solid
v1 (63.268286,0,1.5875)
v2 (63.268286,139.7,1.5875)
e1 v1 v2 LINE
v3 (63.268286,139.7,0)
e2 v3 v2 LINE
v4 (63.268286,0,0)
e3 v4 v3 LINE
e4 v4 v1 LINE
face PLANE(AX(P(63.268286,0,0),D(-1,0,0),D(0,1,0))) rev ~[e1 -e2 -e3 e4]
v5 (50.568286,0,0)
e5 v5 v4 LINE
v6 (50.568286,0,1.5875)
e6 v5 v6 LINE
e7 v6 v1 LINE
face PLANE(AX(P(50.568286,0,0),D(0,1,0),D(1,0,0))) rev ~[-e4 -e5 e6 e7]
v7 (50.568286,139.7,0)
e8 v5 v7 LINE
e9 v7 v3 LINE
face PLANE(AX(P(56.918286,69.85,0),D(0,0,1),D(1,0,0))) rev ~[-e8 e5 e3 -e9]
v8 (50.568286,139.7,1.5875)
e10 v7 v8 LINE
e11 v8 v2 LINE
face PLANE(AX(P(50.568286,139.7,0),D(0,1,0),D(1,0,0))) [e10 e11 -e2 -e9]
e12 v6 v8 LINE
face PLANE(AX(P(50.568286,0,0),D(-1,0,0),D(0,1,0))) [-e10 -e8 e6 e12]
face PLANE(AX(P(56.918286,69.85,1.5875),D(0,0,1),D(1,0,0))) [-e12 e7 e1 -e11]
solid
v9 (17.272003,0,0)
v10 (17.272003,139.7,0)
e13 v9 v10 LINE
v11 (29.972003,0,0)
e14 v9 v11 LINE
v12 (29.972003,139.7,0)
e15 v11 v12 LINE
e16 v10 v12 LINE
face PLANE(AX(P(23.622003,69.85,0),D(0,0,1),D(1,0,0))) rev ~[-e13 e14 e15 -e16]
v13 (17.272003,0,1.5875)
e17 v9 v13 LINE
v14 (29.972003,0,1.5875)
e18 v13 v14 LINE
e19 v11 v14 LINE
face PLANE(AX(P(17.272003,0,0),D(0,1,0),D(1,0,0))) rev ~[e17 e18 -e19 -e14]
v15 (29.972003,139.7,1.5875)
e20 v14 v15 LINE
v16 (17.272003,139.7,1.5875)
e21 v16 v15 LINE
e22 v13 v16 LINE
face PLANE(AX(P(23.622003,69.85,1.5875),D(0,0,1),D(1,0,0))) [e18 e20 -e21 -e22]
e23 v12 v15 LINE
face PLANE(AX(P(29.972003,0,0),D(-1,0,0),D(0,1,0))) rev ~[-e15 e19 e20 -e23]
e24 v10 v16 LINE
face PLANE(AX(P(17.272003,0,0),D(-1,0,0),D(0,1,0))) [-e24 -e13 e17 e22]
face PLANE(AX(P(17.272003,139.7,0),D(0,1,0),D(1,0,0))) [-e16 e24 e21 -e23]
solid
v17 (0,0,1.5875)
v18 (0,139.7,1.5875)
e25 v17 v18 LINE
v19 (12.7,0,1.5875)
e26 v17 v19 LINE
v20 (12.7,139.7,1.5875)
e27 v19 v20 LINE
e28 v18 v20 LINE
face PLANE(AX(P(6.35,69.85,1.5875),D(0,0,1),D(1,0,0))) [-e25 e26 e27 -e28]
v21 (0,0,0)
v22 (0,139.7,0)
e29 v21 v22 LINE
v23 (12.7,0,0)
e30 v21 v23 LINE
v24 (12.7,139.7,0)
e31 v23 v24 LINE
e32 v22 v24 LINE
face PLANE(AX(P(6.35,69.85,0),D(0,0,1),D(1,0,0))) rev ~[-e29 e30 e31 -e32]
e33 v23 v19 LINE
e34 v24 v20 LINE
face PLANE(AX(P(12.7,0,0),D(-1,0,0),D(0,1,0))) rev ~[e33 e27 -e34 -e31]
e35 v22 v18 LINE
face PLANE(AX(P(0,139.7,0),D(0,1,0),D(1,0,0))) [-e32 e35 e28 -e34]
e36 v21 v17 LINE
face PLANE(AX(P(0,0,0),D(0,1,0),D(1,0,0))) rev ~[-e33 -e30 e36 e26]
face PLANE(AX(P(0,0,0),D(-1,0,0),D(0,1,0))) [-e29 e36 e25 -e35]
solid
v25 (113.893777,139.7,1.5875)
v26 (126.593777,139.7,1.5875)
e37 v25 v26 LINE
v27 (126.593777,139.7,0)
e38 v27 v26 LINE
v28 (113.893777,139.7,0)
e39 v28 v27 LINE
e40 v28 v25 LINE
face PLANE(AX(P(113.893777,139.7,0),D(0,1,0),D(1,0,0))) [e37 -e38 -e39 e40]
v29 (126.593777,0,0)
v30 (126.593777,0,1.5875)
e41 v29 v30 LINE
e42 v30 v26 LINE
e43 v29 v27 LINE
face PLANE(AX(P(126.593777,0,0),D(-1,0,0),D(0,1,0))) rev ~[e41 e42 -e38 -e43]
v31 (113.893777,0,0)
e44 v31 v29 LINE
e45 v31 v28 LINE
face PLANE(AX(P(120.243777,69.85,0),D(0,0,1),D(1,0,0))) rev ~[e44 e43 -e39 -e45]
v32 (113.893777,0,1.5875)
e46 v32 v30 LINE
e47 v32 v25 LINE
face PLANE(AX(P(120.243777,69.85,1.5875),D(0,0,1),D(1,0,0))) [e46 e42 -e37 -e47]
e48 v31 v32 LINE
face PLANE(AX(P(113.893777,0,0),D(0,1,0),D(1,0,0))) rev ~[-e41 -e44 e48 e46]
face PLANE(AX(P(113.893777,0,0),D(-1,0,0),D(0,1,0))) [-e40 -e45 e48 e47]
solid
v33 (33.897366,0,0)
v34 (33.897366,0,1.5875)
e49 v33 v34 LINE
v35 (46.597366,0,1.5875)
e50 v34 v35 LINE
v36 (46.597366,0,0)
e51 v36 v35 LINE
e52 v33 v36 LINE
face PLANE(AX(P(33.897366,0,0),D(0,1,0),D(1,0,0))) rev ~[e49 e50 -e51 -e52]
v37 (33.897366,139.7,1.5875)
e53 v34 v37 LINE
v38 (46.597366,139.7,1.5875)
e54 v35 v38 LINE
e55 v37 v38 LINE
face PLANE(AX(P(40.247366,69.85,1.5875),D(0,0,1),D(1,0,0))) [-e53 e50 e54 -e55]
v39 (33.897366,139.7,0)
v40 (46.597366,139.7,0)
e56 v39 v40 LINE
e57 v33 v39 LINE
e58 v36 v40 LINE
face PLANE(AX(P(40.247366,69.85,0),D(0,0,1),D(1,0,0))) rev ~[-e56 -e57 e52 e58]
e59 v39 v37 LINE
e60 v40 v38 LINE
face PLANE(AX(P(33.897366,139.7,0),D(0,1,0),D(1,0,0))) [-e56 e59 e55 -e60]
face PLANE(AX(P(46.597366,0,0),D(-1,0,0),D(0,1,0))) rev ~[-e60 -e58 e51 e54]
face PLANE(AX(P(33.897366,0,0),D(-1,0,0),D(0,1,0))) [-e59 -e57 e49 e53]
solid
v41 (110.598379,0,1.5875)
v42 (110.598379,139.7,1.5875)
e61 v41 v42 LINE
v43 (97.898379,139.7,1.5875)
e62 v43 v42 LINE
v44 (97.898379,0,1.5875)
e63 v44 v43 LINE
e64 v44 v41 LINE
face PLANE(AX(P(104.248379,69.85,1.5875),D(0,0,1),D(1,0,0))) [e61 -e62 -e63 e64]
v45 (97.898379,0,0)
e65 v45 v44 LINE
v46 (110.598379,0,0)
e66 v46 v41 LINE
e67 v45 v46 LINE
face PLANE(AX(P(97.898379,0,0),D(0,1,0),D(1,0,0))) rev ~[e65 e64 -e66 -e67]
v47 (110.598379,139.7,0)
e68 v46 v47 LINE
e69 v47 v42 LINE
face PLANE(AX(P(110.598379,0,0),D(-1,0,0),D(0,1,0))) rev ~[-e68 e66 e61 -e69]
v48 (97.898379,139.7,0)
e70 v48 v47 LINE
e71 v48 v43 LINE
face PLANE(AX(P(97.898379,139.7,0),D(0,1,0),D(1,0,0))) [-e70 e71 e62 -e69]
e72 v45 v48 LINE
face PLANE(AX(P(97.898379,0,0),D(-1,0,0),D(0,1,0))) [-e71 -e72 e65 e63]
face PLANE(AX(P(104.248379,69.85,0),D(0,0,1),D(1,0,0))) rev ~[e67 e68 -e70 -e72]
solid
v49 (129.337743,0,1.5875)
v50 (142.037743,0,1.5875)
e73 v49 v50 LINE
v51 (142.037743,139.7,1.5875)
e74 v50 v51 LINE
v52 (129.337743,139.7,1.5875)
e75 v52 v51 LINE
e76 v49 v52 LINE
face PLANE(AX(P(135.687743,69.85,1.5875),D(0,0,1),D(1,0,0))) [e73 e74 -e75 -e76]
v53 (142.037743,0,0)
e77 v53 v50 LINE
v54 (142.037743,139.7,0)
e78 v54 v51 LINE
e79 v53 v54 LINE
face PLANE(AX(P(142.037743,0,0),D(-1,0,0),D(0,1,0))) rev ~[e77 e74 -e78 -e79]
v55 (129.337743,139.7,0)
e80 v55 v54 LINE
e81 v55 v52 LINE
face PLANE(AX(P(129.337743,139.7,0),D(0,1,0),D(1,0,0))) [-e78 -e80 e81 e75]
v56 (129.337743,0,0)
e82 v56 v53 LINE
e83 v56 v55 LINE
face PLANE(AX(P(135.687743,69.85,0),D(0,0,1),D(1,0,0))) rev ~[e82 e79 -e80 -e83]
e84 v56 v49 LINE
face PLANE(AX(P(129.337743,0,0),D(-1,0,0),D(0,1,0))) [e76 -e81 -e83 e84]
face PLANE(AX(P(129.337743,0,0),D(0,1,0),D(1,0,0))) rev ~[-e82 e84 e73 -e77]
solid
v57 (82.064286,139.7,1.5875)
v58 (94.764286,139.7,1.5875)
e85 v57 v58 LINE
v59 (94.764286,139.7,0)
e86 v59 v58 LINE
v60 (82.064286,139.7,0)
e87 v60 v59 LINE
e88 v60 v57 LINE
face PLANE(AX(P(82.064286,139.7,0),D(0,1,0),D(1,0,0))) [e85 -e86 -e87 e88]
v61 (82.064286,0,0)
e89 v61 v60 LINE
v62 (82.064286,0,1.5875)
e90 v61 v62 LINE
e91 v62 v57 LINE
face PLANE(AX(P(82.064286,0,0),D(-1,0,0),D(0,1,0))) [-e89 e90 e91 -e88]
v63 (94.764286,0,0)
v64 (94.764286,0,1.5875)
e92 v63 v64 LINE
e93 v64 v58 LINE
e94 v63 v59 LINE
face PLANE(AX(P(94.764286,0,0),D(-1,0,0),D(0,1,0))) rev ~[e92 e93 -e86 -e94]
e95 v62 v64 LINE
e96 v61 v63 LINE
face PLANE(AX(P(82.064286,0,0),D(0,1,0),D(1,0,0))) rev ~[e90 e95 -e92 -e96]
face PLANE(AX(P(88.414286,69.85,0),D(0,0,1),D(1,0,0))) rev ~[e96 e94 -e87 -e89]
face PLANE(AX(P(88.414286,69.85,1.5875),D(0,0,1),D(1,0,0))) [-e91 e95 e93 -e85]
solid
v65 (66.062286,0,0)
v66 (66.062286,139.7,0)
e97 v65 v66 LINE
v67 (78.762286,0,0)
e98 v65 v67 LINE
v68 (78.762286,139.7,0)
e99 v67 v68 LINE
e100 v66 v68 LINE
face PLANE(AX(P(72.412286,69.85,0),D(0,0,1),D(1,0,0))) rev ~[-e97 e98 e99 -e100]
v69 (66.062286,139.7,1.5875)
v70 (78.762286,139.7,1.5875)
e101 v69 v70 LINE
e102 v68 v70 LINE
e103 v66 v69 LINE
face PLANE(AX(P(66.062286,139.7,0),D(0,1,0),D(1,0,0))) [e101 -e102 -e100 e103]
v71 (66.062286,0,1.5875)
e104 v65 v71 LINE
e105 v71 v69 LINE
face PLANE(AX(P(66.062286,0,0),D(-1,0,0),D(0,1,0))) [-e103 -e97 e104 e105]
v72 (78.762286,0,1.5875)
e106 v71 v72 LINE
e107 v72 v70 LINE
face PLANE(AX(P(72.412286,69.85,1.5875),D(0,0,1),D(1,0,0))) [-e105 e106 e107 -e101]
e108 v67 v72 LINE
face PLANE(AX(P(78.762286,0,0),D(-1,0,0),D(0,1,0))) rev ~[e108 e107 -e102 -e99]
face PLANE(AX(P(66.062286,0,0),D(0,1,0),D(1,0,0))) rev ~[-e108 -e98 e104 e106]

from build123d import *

# Parameters (mm, degrees)
F0_W     = 12.7
F0_H     = 139.7
F1_DEPTH = 1.5875


with BuildPart() as f1:
    # F0 (on Top) → F1 (new body)
    with BuildSketch(Plane.XY):
        with Locations((6.35, 69.85)):
            Rectangle(F0_W, F0_H)
        with Locations((23.622003, 69.85)):
            Rectangle(F0_W, F0_H)
        with Locations((40.247366, 69.85)):
            Rectangle(F0_W, F0_H)
        with Locations((56.918286, 69.85)):
            Rectangle(F0_W, F0_H)
        with Locations((72.412286, 69.85)):
            Rectangle(F0_W, F0_H)
        with Locations((88.414286, 69.85)):
            Rectangle(F0_W, F0_H)
        with Locations((104.248379, 69.85)):
            Rectangle(F0_W, F0_H)
        with Locations((120.243777, 69.85)):
            Rectangle(F0_W, F0_H)
        with Locations((135.687743, 69.85)):
            Rectangle(F0_W, F0_H)
    extrude(amount=F1_DEPTH)


solid = f1.part
